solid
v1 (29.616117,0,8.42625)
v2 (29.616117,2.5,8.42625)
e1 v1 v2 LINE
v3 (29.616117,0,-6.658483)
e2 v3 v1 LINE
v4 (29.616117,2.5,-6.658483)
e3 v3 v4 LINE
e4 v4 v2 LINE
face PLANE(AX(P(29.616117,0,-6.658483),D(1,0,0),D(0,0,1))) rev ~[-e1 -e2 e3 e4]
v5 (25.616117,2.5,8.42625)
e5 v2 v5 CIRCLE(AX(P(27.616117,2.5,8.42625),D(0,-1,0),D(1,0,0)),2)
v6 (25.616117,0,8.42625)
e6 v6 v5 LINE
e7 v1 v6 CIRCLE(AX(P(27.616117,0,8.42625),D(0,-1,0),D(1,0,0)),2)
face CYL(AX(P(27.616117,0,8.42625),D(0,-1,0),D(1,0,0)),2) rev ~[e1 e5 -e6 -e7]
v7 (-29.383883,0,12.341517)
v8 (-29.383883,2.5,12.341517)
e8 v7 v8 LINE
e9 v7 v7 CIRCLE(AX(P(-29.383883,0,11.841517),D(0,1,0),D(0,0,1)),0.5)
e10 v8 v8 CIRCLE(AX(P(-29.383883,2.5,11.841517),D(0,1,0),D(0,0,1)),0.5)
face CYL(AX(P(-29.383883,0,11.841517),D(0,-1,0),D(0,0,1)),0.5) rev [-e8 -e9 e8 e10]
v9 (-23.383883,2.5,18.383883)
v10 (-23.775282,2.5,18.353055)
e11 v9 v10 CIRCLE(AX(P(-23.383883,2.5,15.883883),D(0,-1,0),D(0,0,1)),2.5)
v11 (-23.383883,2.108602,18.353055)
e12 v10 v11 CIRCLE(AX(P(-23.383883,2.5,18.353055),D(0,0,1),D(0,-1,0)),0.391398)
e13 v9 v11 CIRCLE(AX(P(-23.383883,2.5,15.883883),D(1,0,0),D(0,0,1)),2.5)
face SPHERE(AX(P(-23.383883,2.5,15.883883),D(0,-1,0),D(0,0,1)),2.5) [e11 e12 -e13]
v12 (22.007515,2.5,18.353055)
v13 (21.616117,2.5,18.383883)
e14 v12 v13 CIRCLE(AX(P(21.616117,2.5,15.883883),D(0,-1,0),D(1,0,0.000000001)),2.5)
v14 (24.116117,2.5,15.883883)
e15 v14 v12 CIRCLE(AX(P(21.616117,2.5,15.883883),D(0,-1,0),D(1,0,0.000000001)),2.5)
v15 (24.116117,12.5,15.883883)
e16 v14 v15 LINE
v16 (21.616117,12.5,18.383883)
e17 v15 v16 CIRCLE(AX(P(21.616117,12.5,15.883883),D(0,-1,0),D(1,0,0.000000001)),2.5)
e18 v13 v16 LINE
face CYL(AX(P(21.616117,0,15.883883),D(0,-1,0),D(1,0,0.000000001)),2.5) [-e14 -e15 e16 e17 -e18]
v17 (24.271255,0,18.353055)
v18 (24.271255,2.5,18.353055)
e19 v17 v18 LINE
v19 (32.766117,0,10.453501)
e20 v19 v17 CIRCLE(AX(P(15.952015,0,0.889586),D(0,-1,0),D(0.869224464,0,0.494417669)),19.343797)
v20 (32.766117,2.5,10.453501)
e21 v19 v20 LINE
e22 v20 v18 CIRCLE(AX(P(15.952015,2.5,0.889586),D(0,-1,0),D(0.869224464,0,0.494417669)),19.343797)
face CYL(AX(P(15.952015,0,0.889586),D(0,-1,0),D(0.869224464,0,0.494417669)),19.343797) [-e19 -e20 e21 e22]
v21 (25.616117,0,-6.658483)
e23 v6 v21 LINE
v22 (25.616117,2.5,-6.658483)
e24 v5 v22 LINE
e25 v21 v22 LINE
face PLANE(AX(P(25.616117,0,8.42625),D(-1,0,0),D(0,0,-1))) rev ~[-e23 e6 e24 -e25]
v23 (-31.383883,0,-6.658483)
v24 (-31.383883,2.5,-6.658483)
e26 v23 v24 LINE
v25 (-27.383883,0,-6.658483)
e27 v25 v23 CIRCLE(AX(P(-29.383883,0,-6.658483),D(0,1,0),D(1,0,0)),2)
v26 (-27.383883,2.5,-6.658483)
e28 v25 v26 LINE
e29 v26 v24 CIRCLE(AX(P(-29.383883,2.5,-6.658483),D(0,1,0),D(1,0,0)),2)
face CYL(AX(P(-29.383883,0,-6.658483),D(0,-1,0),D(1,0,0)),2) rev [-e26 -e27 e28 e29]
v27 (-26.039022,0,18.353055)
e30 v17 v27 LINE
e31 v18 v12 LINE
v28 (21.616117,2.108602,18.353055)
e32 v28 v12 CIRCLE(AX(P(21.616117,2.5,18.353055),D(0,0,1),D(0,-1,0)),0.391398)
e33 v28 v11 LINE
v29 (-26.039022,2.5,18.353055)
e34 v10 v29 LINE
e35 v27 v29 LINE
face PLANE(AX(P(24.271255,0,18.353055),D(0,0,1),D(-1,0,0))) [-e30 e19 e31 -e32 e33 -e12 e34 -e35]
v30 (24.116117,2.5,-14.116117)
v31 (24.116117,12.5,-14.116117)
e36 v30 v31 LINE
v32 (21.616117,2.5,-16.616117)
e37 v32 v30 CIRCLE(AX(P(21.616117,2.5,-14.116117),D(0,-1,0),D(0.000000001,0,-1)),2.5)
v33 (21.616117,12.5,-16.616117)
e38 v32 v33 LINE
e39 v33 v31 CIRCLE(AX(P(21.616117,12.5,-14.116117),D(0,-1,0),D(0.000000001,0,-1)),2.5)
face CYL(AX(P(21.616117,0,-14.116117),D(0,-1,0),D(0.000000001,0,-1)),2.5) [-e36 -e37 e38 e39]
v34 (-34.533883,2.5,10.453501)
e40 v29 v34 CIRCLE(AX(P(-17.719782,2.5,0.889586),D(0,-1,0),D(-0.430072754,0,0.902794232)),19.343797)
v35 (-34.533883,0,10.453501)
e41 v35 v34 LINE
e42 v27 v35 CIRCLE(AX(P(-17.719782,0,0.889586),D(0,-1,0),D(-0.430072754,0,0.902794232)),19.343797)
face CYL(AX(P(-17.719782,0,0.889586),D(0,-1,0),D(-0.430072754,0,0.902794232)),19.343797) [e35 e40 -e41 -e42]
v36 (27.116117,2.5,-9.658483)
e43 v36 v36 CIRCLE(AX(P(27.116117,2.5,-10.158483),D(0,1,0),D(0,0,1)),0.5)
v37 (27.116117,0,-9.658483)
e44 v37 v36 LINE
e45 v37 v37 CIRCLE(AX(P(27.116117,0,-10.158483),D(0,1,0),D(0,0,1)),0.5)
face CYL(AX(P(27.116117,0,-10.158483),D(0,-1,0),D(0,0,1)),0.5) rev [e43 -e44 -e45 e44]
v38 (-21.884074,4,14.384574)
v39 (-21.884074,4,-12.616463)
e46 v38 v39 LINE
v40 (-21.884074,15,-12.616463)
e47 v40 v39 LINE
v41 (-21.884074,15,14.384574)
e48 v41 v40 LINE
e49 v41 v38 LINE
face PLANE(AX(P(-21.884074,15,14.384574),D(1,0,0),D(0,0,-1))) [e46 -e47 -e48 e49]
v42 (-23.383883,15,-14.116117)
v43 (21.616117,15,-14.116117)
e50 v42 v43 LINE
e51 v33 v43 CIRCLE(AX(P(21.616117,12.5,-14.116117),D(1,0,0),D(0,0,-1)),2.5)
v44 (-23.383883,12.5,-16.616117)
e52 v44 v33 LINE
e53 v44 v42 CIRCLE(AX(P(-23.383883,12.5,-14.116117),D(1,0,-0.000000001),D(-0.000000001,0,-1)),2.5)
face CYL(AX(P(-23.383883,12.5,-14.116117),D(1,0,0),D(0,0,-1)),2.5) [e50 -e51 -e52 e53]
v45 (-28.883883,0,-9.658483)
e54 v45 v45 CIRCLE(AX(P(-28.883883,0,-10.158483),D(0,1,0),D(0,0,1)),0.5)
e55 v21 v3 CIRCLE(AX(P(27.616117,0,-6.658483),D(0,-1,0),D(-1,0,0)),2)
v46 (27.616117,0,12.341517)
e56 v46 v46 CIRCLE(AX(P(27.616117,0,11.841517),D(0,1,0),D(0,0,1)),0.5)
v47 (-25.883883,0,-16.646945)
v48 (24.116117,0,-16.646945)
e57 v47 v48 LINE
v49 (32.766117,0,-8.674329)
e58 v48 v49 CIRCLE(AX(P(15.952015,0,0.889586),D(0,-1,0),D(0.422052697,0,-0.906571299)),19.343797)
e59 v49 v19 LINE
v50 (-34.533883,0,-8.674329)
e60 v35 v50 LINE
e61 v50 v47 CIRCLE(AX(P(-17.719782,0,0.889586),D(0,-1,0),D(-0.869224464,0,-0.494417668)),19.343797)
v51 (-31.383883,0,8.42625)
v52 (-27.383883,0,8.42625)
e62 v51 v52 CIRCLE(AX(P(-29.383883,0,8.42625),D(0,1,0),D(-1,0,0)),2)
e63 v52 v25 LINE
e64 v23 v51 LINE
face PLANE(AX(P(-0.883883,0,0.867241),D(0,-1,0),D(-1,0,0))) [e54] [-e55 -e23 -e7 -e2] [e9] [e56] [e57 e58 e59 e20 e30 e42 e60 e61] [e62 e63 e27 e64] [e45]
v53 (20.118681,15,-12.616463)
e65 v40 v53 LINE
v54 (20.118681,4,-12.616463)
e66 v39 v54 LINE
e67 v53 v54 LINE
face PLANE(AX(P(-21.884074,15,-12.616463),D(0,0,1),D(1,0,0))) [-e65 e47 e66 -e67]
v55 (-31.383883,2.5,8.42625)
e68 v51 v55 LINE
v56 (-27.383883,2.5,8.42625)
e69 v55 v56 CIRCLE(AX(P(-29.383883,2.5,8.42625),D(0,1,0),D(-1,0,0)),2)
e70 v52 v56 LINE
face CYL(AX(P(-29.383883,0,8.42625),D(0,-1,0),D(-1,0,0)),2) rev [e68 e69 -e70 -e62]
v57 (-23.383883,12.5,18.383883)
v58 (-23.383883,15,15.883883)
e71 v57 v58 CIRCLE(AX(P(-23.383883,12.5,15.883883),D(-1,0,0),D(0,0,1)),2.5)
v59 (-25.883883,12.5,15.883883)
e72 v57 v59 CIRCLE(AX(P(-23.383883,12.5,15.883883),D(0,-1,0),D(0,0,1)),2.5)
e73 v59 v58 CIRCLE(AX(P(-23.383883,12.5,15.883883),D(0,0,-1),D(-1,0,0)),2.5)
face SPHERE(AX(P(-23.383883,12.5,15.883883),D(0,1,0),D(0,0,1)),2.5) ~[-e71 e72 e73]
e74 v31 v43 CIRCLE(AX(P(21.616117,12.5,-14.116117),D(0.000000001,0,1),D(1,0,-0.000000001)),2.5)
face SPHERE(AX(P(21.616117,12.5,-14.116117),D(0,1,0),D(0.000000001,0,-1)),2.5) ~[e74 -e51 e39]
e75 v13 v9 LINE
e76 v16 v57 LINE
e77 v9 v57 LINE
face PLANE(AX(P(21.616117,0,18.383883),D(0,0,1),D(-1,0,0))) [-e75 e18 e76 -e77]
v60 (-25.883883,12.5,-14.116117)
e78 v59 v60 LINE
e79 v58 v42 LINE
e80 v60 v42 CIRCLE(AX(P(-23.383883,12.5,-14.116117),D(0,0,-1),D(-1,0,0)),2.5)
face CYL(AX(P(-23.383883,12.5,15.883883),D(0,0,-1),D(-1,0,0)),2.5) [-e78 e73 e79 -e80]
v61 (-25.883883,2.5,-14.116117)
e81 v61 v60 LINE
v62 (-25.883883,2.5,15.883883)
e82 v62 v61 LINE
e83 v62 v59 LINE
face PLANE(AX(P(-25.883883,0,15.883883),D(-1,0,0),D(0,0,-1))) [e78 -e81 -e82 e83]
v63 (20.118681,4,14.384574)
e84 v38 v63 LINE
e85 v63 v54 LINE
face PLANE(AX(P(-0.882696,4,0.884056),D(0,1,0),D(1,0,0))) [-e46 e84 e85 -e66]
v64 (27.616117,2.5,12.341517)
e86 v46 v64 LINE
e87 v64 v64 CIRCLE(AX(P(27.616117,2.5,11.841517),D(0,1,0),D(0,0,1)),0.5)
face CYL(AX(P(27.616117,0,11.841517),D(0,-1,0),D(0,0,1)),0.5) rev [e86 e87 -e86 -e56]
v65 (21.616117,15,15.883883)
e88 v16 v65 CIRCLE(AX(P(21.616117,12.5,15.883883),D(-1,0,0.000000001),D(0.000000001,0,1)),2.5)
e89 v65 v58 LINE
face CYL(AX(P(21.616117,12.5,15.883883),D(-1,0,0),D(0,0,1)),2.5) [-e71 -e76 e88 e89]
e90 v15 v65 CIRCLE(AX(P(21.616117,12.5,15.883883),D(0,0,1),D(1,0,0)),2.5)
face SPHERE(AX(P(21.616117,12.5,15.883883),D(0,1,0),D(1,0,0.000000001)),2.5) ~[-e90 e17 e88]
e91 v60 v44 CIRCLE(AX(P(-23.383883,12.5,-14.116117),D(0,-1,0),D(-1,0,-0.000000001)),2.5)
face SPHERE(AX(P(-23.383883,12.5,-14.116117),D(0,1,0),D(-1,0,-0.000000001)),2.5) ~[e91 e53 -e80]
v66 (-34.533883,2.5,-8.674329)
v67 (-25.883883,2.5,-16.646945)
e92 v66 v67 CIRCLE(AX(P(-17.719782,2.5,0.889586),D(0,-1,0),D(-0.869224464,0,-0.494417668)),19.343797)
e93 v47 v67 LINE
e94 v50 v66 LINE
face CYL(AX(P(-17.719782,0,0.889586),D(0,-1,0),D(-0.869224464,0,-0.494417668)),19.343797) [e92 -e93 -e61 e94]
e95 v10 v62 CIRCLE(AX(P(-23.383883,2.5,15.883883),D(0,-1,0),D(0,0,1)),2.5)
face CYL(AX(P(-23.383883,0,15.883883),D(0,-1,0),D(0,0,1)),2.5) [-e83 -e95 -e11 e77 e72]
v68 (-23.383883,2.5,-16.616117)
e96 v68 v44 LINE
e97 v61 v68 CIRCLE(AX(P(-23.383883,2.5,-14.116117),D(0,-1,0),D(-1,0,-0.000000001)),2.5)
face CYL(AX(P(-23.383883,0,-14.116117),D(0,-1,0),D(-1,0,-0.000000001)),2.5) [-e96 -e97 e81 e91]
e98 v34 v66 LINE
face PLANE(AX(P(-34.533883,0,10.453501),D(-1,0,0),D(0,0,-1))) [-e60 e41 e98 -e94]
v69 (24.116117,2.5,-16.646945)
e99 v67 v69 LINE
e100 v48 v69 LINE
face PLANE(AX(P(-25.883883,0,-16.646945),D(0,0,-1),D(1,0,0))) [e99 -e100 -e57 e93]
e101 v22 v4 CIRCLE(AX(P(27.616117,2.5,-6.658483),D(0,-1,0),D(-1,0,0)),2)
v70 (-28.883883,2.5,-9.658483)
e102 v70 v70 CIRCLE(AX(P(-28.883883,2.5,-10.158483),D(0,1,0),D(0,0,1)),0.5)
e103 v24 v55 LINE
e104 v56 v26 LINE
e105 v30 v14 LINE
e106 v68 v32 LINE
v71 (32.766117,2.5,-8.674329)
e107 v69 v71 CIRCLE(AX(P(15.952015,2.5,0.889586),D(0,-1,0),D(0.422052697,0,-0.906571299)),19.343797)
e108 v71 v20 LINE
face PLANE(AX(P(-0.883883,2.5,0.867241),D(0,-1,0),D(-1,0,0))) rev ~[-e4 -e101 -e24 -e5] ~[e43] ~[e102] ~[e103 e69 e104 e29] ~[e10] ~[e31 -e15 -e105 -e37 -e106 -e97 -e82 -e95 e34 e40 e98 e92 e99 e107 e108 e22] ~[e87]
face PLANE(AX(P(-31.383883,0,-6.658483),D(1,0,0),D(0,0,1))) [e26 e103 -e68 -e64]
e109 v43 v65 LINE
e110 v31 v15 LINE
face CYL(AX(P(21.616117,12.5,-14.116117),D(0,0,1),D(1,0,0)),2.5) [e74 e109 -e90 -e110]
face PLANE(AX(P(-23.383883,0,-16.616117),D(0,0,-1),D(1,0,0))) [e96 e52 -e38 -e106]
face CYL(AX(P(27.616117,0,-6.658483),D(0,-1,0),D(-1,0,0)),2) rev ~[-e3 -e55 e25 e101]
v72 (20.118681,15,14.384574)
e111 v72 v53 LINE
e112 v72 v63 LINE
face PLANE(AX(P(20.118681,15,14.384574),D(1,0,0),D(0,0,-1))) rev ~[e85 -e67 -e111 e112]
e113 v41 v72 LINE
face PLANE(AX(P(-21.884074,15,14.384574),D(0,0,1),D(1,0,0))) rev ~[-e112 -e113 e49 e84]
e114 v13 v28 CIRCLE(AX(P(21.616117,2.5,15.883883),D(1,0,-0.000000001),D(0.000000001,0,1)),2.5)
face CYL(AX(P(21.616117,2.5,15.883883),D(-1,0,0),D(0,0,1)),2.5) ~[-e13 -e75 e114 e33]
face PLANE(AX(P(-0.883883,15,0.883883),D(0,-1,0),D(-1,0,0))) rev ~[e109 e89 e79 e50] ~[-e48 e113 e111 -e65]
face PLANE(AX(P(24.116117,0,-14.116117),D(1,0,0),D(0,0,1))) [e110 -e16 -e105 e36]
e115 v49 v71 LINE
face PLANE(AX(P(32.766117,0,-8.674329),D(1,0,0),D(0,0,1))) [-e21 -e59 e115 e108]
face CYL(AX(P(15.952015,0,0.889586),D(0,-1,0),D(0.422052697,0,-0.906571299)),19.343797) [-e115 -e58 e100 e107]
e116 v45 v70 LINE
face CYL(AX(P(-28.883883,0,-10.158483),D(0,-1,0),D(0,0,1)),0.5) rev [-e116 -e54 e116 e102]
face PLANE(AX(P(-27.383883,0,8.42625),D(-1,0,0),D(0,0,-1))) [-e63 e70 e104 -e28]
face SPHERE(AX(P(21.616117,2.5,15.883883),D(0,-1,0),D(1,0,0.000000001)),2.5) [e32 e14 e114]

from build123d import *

# Parameters (mm, degrees)
BOSS_EXTRUDE2_DEPTH = 15
FILLET2_R           = 2.5
SKETCH3_R           = 0.5
BOSS_EXTRUDE4_DEPTH = 2.5
SKETCH4_W           = 42.002754972
SKETCH4_H           = 27.001036704
CUT_EXTRUDE2_DEPTH  = 11


with BuildPart() as part:
    # Sketch1 → Boss-Extrude2 (new body)
    with BuildSketch(Plane(origin=(0, 0, 0), x_dir=(1, 0, 0), z_dir=(0, 1, 0))):
        with BuildLine():
            Line((-23.383883476, 16.616116524), (21.616116524, 16.616116524))
            ThreePointArc((21.616116524, 16.616116524), (23.383883476, 15.883883476), (24.116116524, 14.116116524))
            Line((24.116116524, 14.116116524), (24.116116524, -15.883883476))
            ThreePointArc((24.116116524, -15.883883476), (23.383883476, -17.651650429), (21.616116524, -18.383883476))
            Line((21.616116524, -18.383883476), (-23.383883476, -18.383883476))
            ThreePointArc((-23.383883476, -18.383883476), (-25.151650429, -17.651650429), (-25.883883476, -15.883883476))
            Line((-25.883883476, -15.883883476), (-25.883883476, 14.116116524))
            ThreePointArc((-25.883883476, 14.116116524), (-25.151650429, 15.883883476), (-23.383883476, 16.616116524))
        make_face()
    extrude(amount=BOSS_EXTRUDE2_DEPTH)

    # Fillet2
    fillet2_edges = [part.edges().sort_by_distance(p)[0] for p in [
        (-25.151650429, 15, 17.651650429),
        (-25.883883476, 0, 0.883883476),
        (-25.151650429, 0, -15.883883476),
        (-0.883883476, 15, 18.383883476),
        (23.383883476, 15, 17.651650429),
        (24.116116524, 15, 0.883883476),
        (23.383883476, 15, -15.883883476),
        (-0.883883476, 15, -16.616116524),
        (-25.151650429, 15, -15.883883476),
        (-25.883883476, 15, 0.883883476),
        (-0.883883476, 0, -16.616116524),
        (23.383883476, 0, -15.883883476),
        (24.116116524, 0, 0.883883476),
        (23.383883476, 0, 17.651650429),
        (-0.883883476, 0, 18.383883476),
        (-25.151650429, 0, 17.651650429),
    ]]
    fillet(fillet2_edges, radius=FILLET2_R)

    # Sketch3 → Boss-Extrude4 (add)
    with BuildSketch(Plane(origin=(0, 0, 0), x_dir=(1, 0, 0), z_dir=(0, 1, 0))):
        with BuildLine():
            Line((-25.883883476, 16.646945133), (24.116116524, 16.646945133))
            ThreePointArc((24.116116524, 16.646945133), (29.061870418, 13.334132498), (32.766116524, 8.674328862))
            Line((32.766116524, 8.674328862), (32.766116524, -10.453501419))
            ThreePointArc((32.766116524, -10.453501419), (29.124788001, -15.055056138), (24.271254893, -18.353054867))
            Line((24.271254893, -18.353054867), (-26.039021846, -18.353054867))
            ThreePointArc((-26.039021846, -18.353054867), (-30.892554954, -15.055056138), (-34.533883476, -10.453501419))
            Line((-34.533883476, -10.453501419), (-34.533883476, 8.674328862))
            ThreePointArc((-34.533883476, 8.674328862), (-30.829637371, 13.334132498), (-25.883883476, 16.646945133))
        make_face()
        with Locations(Location((-28.883883476, 10.158483361, 0), (0, 0, 270))):
            Circle(SKETCH3_R, mode=Mode.SUBTRACT)
        with Locations(Location((-29.383883476, -11.841516639, 0), (0, 0, 270))):
            Circle(SKETCH3_R, mode=Mode.SUBTRACT)
        with Locations(Location((27.616116524, -11.841516639, 0), (0, 0, 270))):
            Circle(SKETCH3_R, mode=Mode.SUBTRACT)
        with Locations(Location((27.116116524, 10.158483361, 0), (0, 0, 270))):
            Circle(SKETCH3_R, mode=Mode.SUBTRACT)
        with BuildLine():
            Line((29.616116524, 6.658483361), (29.616116524, -8.426250314))
            ThreePointArc((29.616116524, -8.426250314), (27.616116524, -10.426250314), (25.616116524, -8.426250314))
            Line((25.616116524, -8.426250314), (25.616116524, 6.658483361))
            ThreePointArc((25.616116524, 6.658483361), (27.616116524, 8.658483361), (29.616116524, 6.658483361))
        make_face(mode=Mode.SUBTRACT)
        with BuildLine():
            Line((-31.383883476, 6.658483361), (-31.383883476, -8.426250314))
            ThreePointArc((-31.383883476, -8.426250314), (-29.383883476, -10.426250314), (-27.383883476, -8.426250314))
            Line((-27.383883476, -8.426250314), (-27.383883476, 6.658483361))
            ThreePointArc((-27.383883476, 6.658483361), (-29.383883476, 8.658483361), (-31.383883476, 6.658483361))
        make_face(mode=Mode.SUBTRACT)
    extrude(amount=BOSS_EXTRUDE4_DEPTH)

    # Sketch4 → Cut-Extrude2 (cut)
    with BuildSketch(Plane(origin=(0, 15, 0), x_dir=(1, 0, 0), z_dir=(0, 1, 0))):
        with Locations((-0.88269634, -0.884055652)):
            Rectangle(SKETCH4_W, SKETCH4_H)
    extrude(amount=-CUT_EXTRUDE2_DEPTH, mode=Mode.SUBTRACT)


solid = part.part
